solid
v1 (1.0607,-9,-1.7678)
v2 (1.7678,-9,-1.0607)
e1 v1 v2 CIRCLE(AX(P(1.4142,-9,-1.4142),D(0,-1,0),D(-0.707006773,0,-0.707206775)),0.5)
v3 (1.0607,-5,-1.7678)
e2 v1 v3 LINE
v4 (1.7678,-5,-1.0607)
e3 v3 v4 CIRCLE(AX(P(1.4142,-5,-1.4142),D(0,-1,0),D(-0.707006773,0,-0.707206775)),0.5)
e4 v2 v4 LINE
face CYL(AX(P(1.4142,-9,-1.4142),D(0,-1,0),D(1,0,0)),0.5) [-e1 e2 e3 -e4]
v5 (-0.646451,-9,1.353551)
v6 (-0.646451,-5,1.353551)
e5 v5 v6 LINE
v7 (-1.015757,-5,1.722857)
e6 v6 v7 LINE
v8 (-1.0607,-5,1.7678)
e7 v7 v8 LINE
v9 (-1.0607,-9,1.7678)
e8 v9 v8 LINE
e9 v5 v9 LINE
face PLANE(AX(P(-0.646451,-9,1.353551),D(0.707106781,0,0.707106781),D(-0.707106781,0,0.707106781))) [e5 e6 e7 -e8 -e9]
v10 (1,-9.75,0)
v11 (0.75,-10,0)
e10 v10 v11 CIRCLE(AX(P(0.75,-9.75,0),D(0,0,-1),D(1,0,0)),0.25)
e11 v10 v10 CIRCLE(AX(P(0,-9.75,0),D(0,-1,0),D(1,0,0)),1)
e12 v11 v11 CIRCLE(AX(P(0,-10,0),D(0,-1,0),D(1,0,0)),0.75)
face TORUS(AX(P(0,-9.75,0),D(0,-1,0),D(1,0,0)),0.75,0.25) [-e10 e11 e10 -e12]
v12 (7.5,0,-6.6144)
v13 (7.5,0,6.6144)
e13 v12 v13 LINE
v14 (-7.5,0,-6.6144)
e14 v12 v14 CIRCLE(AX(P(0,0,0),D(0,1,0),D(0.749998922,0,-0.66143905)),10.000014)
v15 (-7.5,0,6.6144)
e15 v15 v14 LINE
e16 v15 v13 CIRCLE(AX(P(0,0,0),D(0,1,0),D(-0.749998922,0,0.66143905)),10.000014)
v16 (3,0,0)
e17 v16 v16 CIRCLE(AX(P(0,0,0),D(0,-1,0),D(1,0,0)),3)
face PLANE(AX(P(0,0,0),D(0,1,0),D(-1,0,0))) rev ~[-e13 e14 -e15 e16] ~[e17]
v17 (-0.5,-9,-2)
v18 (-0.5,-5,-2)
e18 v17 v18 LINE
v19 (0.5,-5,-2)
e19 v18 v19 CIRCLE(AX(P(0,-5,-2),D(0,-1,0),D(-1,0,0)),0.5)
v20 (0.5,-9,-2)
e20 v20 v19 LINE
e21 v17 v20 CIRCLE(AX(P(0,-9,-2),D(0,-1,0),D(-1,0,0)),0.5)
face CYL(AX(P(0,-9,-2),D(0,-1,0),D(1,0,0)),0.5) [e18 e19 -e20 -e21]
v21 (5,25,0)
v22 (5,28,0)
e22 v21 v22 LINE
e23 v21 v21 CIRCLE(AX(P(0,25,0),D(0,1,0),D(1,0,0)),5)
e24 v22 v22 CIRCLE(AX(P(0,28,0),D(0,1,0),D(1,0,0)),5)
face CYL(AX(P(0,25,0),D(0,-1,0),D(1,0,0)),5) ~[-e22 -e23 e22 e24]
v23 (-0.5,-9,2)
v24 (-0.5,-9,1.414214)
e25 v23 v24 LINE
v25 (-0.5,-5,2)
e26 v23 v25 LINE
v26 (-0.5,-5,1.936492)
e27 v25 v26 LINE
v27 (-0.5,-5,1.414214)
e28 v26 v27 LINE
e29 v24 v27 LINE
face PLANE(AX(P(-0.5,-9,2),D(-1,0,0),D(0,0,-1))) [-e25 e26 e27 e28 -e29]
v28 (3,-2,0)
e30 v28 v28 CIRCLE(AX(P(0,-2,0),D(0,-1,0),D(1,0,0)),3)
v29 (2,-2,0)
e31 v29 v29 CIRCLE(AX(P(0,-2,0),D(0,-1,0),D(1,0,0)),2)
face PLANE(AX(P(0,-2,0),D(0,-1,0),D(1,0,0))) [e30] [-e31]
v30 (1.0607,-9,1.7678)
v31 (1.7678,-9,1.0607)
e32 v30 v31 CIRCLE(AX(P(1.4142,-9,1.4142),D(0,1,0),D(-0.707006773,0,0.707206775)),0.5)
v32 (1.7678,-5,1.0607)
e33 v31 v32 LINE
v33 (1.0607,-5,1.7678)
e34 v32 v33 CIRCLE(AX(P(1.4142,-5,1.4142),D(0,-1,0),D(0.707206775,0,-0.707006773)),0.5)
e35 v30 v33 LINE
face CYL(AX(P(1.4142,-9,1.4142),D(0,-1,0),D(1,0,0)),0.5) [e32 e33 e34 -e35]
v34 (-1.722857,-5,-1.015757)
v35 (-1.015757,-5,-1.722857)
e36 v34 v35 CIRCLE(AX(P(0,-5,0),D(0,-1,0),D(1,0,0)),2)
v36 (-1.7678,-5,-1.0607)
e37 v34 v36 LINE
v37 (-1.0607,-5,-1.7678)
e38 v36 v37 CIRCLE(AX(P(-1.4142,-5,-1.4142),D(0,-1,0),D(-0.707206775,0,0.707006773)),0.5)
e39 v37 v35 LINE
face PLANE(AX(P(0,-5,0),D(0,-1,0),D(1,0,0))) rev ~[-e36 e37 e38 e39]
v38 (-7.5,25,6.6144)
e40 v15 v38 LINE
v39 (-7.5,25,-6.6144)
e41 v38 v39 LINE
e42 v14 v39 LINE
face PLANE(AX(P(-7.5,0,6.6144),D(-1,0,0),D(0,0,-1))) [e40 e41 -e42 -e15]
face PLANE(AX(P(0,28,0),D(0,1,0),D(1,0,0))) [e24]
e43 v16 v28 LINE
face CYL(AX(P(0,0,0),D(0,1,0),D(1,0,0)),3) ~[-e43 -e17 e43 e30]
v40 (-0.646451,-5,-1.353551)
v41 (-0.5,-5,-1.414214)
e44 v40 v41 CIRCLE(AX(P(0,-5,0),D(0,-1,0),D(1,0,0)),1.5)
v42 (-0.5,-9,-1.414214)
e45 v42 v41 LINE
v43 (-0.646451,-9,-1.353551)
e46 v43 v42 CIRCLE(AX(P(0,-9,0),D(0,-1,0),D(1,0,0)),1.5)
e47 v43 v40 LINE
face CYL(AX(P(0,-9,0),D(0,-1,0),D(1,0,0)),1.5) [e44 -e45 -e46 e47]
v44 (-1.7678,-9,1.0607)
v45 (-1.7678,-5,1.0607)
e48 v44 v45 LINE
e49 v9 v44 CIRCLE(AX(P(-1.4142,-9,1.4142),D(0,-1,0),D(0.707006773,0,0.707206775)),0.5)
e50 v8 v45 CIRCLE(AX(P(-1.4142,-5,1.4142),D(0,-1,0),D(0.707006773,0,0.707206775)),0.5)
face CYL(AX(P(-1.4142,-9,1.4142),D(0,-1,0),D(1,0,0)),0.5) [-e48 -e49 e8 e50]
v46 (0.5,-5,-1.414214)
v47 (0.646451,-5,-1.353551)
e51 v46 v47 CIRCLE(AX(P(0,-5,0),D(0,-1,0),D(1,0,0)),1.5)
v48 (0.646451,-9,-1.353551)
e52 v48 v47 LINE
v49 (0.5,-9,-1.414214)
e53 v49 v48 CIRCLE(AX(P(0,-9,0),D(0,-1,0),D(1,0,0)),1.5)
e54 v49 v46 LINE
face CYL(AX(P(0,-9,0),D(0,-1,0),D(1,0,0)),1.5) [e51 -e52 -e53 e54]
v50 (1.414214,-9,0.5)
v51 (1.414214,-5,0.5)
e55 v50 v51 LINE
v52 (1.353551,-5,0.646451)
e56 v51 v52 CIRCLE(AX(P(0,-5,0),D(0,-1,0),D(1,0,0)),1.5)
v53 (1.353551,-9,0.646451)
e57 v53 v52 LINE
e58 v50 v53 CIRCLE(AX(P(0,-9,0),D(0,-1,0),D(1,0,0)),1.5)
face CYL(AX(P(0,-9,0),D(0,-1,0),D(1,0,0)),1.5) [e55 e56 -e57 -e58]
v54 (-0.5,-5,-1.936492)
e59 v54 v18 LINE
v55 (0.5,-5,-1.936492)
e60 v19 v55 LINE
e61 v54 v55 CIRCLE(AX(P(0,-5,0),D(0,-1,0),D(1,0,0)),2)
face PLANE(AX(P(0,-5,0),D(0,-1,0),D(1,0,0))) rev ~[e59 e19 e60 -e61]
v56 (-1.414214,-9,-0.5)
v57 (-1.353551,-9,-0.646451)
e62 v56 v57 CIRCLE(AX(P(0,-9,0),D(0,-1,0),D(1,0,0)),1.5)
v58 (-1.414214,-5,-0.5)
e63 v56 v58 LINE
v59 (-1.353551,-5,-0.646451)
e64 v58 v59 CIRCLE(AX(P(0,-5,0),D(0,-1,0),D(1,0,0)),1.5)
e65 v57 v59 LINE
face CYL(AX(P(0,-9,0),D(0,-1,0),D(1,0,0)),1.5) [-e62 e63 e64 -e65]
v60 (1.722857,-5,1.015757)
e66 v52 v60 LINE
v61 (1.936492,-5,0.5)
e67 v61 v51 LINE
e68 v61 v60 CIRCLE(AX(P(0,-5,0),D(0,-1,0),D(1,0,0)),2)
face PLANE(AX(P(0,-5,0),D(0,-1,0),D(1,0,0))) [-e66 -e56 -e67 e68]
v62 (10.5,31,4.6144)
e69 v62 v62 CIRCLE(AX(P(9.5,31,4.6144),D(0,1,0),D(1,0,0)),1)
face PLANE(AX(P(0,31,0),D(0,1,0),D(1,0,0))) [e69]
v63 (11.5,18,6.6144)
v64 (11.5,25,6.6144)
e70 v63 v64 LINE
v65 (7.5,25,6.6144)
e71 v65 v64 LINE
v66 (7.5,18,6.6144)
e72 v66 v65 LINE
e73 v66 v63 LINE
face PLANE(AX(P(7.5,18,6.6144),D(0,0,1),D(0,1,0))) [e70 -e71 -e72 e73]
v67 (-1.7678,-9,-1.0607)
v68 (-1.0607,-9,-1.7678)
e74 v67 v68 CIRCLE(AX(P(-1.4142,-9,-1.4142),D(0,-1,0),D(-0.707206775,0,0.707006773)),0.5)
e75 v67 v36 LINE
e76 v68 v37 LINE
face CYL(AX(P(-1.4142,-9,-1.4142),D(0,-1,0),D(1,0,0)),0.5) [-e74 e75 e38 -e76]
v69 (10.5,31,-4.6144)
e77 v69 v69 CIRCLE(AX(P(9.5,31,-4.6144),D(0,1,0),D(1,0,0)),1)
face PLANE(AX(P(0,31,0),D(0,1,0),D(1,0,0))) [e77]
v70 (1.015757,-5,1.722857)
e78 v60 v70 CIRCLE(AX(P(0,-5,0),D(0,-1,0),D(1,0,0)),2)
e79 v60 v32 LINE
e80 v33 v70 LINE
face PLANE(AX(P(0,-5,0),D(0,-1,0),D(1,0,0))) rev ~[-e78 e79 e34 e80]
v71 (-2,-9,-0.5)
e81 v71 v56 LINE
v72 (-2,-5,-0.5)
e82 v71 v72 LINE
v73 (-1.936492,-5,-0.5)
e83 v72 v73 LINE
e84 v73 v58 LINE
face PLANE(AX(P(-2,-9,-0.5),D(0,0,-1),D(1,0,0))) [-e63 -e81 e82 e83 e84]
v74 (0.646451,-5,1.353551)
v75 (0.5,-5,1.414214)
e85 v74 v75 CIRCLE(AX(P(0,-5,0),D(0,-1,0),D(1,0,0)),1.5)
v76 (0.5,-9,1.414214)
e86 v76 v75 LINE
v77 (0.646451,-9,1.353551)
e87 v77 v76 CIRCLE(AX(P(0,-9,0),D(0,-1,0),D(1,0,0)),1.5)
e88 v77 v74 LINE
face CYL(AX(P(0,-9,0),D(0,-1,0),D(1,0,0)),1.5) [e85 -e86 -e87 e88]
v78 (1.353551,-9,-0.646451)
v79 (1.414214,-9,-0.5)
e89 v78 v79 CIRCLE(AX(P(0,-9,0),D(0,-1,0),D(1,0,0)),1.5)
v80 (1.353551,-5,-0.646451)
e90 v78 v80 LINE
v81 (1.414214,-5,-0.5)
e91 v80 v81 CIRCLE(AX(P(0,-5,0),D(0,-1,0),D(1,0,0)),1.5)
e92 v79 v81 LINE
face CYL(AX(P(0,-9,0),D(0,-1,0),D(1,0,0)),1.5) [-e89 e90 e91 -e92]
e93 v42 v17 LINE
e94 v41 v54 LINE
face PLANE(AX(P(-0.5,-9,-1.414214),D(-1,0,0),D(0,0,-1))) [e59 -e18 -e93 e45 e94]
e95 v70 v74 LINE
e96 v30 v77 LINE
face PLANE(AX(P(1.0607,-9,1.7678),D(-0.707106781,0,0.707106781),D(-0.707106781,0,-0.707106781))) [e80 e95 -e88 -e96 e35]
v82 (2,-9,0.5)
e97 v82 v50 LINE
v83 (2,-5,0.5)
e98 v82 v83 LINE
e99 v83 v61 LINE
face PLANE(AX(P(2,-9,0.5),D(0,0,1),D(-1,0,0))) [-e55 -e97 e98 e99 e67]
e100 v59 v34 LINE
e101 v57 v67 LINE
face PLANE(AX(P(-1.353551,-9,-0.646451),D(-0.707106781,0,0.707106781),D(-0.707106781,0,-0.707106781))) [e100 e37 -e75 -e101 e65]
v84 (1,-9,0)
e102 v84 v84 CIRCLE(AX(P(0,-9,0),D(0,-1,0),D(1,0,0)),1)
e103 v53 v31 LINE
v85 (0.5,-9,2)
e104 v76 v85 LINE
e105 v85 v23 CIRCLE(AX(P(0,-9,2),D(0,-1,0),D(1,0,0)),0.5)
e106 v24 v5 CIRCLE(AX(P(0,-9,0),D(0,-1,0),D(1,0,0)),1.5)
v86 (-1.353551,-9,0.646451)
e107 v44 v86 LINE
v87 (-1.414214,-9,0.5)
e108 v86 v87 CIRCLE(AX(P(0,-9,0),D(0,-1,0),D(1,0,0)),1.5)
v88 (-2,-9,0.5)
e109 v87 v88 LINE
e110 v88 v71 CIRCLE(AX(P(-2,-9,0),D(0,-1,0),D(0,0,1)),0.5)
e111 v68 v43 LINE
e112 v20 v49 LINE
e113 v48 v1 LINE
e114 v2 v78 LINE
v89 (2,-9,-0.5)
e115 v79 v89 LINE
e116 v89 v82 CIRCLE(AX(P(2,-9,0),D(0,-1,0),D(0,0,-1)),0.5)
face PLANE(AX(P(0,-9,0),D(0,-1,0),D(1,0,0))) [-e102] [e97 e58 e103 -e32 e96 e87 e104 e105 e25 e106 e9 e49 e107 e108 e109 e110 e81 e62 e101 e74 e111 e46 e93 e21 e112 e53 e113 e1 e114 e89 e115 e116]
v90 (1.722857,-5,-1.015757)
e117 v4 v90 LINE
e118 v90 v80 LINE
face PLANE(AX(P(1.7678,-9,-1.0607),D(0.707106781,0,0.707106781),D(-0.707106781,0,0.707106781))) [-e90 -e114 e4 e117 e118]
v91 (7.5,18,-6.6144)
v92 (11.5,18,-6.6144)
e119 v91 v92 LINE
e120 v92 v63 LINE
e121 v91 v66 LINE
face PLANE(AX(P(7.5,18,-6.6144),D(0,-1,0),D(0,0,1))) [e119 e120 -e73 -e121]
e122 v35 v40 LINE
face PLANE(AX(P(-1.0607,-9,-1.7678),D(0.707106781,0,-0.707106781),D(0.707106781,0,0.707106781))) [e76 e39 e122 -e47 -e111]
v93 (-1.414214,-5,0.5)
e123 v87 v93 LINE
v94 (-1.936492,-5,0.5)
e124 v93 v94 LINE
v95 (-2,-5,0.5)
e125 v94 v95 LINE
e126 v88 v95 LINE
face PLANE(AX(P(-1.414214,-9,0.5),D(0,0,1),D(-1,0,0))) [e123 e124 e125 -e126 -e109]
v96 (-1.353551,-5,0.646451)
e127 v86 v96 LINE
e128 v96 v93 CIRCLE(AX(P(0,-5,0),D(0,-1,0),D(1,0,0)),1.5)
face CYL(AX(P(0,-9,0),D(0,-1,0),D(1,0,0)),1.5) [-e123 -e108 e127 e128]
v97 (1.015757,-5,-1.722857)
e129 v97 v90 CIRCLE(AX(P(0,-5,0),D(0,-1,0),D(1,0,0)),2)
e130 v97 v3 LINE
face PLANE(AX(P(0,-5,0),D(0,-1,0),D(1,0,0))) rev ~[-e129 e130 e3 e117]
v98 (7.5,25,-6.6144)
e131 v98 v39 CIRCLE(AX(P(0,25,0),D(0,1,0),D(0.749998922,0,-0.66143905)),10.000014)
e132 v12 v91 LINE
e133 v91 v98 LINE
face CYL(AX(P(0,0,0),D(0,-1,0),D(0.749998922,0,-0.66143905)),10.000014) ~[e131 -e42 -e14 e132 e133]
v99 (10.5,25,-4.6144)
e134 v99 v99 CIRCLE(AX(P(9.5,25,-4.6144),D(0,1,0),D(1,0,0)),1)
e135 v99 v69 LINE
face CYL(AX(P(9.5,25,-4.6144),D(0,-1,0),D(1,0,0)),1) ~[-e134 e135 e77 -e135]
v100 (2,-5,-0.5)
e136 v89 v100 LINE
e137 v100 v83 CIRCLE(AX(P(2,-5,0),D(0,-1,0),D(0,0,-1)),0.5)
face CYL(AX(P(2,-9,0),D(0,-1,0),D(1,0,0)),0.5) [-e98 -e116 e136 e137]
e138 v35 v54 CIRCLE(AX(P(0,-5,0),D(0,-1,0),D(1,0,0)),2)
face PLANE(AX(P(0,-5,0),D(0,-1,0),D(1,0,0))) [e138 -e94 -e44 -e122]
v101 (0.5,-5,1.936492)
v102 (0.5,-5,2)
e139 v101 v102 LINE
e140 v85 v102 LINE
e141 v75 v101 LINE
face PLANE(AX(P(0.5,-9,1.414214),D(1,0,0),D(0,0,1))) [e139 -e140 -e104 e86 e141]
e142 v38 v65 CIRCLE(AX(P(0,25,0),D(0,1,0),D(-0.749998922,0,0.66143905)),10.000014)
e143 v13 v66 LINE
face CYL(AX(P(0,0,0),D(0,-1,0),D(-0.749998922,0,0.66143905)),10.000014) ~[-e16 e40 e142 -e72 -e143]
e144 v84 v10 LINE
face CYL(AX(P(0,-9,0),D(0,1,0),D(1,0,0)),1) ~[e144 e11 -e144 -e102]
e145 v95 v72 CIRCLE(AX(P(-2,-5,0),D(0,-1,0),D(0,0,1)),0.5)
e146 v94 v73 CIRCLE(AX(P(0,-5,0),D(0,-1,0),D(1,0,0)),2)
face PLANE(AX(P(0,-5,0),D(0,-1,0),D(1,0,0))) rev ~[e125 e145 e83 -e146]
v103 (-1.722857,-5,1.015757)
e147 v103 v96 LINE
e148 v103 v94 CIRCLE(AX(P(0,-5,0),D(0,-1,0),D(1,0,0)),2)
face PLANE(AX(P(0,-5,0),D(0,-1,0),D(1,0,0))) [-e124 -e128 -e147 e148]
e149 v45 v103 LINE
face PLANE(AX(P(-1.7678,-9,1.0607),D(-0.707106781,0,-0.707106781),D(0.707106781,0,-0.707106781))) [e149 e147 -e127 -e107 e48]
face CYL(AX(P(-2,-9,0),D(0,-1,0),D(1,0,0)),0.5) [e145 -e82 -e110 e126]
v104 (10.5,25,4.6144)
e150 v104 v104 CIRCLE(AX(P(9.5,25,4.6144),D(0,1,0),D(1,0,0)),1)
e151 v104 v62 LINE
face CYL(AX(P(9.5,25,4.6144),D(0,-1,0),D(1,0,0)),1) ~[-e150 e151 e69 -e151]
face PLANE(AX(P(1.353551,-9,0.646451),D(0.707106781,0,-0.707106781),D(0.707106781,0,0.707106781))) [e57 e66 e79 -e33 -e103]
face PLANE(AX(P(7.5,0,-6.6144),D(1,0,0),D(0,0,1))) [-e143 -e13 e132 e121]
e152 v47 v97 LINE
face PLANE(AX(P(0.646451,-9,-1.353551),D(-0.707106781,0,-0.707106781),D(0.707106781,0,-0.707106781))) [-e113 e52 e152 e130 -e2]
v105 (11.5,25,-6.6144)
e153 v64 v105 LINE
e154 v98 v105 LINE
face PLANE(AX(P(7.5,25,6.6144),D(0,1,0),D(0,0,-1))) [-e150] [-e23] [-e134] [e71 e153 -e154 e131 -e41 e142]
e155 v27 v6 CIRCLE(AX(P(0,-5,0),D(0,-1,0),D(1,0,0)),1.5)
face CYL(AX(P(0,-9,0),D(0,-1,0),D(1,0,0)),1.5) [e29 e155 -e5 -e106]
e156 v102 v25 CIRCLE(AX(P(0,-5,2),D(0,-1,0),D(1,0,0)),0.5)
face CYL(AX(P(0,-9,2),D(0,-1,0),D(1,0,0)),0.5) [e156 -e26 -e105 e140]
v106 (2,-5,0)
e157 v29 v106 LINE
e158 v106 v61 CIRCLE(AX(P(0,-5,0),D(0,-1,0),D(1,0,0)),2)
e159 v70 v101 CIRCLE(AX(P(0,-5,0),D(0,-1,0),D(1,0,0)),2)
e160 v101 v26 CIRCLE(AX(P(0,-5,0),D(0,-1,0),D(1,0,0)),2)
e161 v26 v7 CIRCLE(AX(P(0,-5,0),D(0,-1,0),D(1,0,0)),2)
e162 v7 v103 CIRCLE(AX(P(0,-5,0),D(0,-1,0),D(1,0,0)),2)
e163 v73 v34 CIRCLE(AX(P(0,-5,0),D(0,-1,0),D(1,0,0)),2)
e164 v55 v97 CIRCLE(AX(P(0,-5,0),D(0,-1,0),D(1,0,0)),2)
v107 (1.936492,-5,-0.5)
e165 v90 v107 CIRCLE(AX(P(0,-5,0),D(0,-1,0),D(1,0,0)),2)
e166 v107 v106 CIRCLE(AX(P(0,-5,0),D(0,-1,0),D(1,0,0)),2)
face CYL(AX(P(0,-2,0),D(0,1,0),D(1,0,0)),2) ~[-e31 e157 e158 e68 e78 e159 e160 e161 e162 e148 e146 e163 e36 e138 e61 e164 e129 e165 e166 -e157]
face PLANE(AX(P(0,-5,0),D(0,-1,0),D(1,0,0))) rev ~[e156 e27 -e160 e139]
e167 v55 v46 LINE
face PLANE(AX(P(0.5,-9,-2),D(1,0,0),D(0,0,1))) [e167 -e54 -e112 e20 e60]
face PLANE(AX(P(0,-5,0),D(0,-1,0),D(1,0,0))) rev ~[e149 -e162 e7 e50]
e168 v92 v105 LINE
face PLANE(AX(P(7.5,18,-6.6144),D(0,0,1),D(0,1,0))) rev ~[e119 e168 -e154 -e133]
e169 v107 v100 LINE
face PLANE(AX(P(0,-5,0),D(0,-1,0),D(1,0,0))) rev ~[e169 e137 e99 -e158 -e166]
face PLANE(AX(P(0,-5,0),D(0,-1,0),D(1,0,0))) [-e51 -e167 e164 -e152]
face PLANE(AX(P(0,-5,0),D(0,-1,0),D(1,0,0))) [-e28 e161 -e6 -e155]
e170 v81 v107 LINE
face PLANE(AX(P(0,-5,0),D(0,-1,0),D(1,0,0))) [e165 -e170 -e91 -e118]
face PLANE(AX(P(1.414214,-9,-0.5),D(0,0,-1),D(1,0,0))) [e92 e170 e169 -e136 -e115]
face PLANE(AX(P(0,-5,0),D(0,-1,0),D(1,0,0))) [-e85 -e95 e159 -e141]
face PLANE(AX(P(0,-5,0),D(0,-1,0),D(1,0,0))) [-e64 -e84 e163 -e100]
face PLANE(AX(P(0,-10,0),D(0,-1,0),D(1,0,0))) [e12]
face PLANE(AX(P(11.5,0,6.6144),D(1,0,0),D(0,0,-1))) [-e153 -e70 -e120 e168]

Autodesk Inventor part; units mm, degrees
ref_plane "YZ Plane" through (0, 0, 0) normal (1, 0, 0) x (0, 1, 0)
ref_plane "XZ Plane" through (0, 0, 0) normal (0, 1, 0) x (-1, 0, 0)
ref_plane "XY Plane" through (0, 0, 0) normal (0, 0, 1) x (1, 0, 0)
sketch "Sketch1" plane through (0, 0, 0) normal (0, 1, 0) x (-1, 0, 0)
  line L0 (7.5, 6.6144) -> (7.5, -6.6144)
  line L1 (-7.5, -6.6144) -> (-7.5, 6.6144)
  arc A0 (-7.5, -6.6144) -> (7.5, -6.6144) centre (0, 0) ccw
  arc A1 (7.5, 6.6144) -> (-7.5, 6.6144) centre (0, 0) ccw
  dimension "d1" = 15
  dimension "d2" = 7.5
  dimension "d3" = 10
  dimension "d4" = 10
extrude "Extrusion1" add sketch "Sketch1" along normal blind 25
sketch "Sketch2" plane through (0, 0, 0) normal (0, -1, 0) x (1, 0, 0)
  circle A0 centre (0, 0) radius 3
  dimension "d7" = 6
extrude "Extrusion2" add sketch "Sketch2" along normal blind 2
sketch "Sketch3" plane through (0, -2, 0) normal (0, -1, 0) x (1, 0, 0)
  circle A0 centre (0, 0) radius 2
  dimension "d10" = 4
extrude "Extrusion3" add sketch "Sketch3" along normal blind 3
sketch "Sketch4" plane through (0, 25, 0) normal (0, 1, 0) x (1, 0, 0)
  circle A0 centre (0, 0) radius 2 projected
  circle A1 centre (0, 0) radius 5
  dimension "d13" = 10
extrude "Extrusion4" add sketch "Sketch4" along normal blind 3 contours A0 | A1
sketch "Sketch5" plane through (7.5, 0, 6.6144) normal (1, 0, 0) x (0, 0, -1)
  line L0 (0, 0) -> (0, 25) projected
  line L1 (13.2288, 0) -> (13.2288, 25) projected
  line L2 (0, 25) -> (13.2288, 25)
  line L3 (13.2288, 25) -> (13.2288, 18)
  line L4 (13.2288, 18) -> (0, 18)
  line L5 (0, 18) -> (0, 25)
  point P0 (6.6144, 0)
  point P1 (0, 18)
  dimension "d16" = 7
extrude "Extrusion5" add sketch "Sketch5" along normal blind 4
sketch "Sketch7" plane through (0, -5, 0) normal (0, -1, 0) x (1, 0, 0)
  circle A0 centre (0, 0) radius 2.5
  dimension "d21" = 5
extrude "Extrusion7" add sketch "Sketch7" along normal blind 4
sketch "Sketch8" plane through (0, -9, 0) normal (0, -1, 0) x (1, 0, 0)
  circle A0 centre (0, 0) radius 1.5
  circle A1 centre (0, 0) radius 2.5
  line L0 (-0.5, 1) -> (0.5, 1)
  line L1 (0.5, 1) -> (0.5, 2)
  line L2 (0.5, 2) -> (-0.5, 2) construction
  line L3 (-0.5, 2) -> (-0.5, 1)
  line L4 (-0.5, 1) -> (0.5, 2) construction
  line L5 (0.5, 1) -> (-0.5, 2) construction
  circle A2 centre (0, 2) radius 0.5
  line L6 (-0.3536, 1.0607) -> (-1.0607, 1.7678)
  line L7 (-1.0607, 1.7678) -> (-1.7678, 1.0607) construction
  line L8 (-1.0607, 0.3536) -> (-1.0607, 1.7678) construction
  circle A3 centre (-1.4142, 1.4142) radius 0.5
  line L9 (-1.7678, 1.0607) -> (-1.0607, 0.3536)
  line L10 (-1, 0.5) -> (-2, 0.5)
  line L11 (-2, 0.5) -> (-2, -0.5) construction
  line L12 (-1, -0.5) -> (-2, 0.5) construction
  circle A4 centre (-2, 0) radius 0.5
  line L13 (-2, -0.5) -> (-1, -0.5)
  line L14 (-1.0607, -0.3536) -> (-1.7678, -1.0607)
  line L15 (-1.7678, -1.0607) -> (-1.0607, -1.7678) construction
  line L16 (-0.3536, -1.0607) -> (-1.7678, -1.0607) construction
  circle A5 centre (-1.4142, -1.4142) radius 0.5
  line L17 (-1.0607, -1.7678) -> (-0.3536, -1.0607)
  line L18 (-0.5, -1) -> (-0.5, -2)
  line L19 (-0.5, -2) -> (0.5, -2) construction
  line L20 (0.5, -1) -> (-0.5, -2) construction
  circle A6 centre (0, -2) radius 0.5
  line L21 (0.5, -2) -> (0.5, -1)
  line L22 (0.3536, -1.0607) -> (1.0607, -1.7678)
  line L23 (1.0607, -1.7678) -> (1.7678, -1.0607) construction
  line L24 (1.0607, -0.3536) -> (1.0607, -1.7678) construction
  circle A7 centre (1.4142, -1.4142) radius 0.5
  line L25 (1.7678, -1.0607) -> (1.0607, -0.3536)
  line L26 (1, -0.5) -> (2, -0.5)
  line L27 (2, -0.5) -> (2, 0.5) construction
  line L28 (1, 0.5) -> (2, -0.5) construction
  circle A8 centre (2, 0) radius 0.5
  line L29 (2, 0.5) -> (1, 0.5)
  line L30 (1.0607, 0.3536) -> (1.7678, 1.0607)
  line L31 (1.7678, 1.0607) -> (1.0607, 1.7678) construction
  line L32 (0.3536, 1.0607) -> (1.7678, 1.0607) construction
  circle A9 centre (1.4142, 1.4142) radius 0.5
  line L33 (1.0607, 1.7678) -> (0.3536, 1.0607)
  point P0 (0, 1.5)
  point P1 (-1.0607, 1.0607)
  point P2 (-1.5, 0)
  point P3 (-1.0607, -1.0607)
  point P4 (0, -1.5)
  point P5 (1.0607, -1.0607)
  point P6 (1.3536, -0.6464)
  point P7 (1.7678, -1.7678)
  point P8 (0, 2.5)
  point P9 (0.5, 1.4142)
  point P10 (1.0607, -1.7678)
  point P11 (0.6464, -1.3536)
  point P12 (0.5, -1.4142)
  point P13 (0, -2.5)
  point P14 (-0.5, -1.4142)
  point P15 (-0.6464, -1.3536)
  point P16 (-1.7678, -1.7678)
  point P17 (-1.7678, -1.0607)
  point P18 (-1.3536, -0.6464)
  point P19 (-1.4142, -0.5)
  point P20 (-2.5, 0)
  point P21 (-1.4142, 0.5)
  point P22 (-1.3536, 0.6464)
  point P23 (-1.7678, 1.7678)
  point P24 (-0.6464, 1.3536)
  point P25 (-0.5, 1.4142)
  point P26 (1.5, 0)
  point P27 (1.0607, 1.0607)
  point P28 (0.6464, 1.3536)
  point P29 (1.7678, 1.7678)
  point P30 (1.3536, 0.6464)
  point P31 (1.4142, 0.5)
  point P32 (2.5, 0)
  point P33 (1.4142, -0.5)
  dimension "d24" = 3
  dimension "d25" = 5
  dimension "d26" = 1
  dimension "d29" = 360
extrude "Extrusion8" cut sketch "Sketch8" against normal blind 4 contours A0 L30 A9 A1 A8 L29 | L26 A8 A1 A7 L25 A0 | A9 L33 A0 L1 A2 A1 | A1 A6 L21 A0 L22 A7 | A2 L3 A0 L6 A3 A1 | A1 A5 L17 A0 L18 A6 | A3 L9 A0 L10 A4 A1 | A1 A4 L13 A0 L14 A5
sketch "Sketch9" plane through (0, -9, 0) normal (0, -1, 0) x (1, 0, 0)
  circle A0 centre (0, 0) radius 1
  dimension "d33" = 2
extrude "Extrusion9" add sketch "Sketch9" along normal blind 1
fillet "Fillet1" radius 0.25 1 edges at (-1, -10, 0)
sketch "Sketch10" plane through (0, 25, 0) normal (0, 1, 0) x (1, 0, 0)
  circle A0 centre (9.5, 4.6144) radius 1
  circle A1 centre (9.5, -4.6144) radius 1
  line L0 (11.5, 6.6144) -> (11.5, -6.6144) projected
  line L1 (7.5, 6.6144) -> (11.5, 6.6144) projected
  line L2 (7.5, -6.6144) -> (11.5, -6.6144) projected
  point P0 (0, 0)
  dimension "d37" = 2
  dimension "d38" = 2
  dimension "d39" = 2
  dimension "d40" = 2
  dimension "d41" = 2
  dimension "d42" = 2
extrude "Extrusion10" add sketch "Sketch10" along normal blind 6
properties part number "motor"
